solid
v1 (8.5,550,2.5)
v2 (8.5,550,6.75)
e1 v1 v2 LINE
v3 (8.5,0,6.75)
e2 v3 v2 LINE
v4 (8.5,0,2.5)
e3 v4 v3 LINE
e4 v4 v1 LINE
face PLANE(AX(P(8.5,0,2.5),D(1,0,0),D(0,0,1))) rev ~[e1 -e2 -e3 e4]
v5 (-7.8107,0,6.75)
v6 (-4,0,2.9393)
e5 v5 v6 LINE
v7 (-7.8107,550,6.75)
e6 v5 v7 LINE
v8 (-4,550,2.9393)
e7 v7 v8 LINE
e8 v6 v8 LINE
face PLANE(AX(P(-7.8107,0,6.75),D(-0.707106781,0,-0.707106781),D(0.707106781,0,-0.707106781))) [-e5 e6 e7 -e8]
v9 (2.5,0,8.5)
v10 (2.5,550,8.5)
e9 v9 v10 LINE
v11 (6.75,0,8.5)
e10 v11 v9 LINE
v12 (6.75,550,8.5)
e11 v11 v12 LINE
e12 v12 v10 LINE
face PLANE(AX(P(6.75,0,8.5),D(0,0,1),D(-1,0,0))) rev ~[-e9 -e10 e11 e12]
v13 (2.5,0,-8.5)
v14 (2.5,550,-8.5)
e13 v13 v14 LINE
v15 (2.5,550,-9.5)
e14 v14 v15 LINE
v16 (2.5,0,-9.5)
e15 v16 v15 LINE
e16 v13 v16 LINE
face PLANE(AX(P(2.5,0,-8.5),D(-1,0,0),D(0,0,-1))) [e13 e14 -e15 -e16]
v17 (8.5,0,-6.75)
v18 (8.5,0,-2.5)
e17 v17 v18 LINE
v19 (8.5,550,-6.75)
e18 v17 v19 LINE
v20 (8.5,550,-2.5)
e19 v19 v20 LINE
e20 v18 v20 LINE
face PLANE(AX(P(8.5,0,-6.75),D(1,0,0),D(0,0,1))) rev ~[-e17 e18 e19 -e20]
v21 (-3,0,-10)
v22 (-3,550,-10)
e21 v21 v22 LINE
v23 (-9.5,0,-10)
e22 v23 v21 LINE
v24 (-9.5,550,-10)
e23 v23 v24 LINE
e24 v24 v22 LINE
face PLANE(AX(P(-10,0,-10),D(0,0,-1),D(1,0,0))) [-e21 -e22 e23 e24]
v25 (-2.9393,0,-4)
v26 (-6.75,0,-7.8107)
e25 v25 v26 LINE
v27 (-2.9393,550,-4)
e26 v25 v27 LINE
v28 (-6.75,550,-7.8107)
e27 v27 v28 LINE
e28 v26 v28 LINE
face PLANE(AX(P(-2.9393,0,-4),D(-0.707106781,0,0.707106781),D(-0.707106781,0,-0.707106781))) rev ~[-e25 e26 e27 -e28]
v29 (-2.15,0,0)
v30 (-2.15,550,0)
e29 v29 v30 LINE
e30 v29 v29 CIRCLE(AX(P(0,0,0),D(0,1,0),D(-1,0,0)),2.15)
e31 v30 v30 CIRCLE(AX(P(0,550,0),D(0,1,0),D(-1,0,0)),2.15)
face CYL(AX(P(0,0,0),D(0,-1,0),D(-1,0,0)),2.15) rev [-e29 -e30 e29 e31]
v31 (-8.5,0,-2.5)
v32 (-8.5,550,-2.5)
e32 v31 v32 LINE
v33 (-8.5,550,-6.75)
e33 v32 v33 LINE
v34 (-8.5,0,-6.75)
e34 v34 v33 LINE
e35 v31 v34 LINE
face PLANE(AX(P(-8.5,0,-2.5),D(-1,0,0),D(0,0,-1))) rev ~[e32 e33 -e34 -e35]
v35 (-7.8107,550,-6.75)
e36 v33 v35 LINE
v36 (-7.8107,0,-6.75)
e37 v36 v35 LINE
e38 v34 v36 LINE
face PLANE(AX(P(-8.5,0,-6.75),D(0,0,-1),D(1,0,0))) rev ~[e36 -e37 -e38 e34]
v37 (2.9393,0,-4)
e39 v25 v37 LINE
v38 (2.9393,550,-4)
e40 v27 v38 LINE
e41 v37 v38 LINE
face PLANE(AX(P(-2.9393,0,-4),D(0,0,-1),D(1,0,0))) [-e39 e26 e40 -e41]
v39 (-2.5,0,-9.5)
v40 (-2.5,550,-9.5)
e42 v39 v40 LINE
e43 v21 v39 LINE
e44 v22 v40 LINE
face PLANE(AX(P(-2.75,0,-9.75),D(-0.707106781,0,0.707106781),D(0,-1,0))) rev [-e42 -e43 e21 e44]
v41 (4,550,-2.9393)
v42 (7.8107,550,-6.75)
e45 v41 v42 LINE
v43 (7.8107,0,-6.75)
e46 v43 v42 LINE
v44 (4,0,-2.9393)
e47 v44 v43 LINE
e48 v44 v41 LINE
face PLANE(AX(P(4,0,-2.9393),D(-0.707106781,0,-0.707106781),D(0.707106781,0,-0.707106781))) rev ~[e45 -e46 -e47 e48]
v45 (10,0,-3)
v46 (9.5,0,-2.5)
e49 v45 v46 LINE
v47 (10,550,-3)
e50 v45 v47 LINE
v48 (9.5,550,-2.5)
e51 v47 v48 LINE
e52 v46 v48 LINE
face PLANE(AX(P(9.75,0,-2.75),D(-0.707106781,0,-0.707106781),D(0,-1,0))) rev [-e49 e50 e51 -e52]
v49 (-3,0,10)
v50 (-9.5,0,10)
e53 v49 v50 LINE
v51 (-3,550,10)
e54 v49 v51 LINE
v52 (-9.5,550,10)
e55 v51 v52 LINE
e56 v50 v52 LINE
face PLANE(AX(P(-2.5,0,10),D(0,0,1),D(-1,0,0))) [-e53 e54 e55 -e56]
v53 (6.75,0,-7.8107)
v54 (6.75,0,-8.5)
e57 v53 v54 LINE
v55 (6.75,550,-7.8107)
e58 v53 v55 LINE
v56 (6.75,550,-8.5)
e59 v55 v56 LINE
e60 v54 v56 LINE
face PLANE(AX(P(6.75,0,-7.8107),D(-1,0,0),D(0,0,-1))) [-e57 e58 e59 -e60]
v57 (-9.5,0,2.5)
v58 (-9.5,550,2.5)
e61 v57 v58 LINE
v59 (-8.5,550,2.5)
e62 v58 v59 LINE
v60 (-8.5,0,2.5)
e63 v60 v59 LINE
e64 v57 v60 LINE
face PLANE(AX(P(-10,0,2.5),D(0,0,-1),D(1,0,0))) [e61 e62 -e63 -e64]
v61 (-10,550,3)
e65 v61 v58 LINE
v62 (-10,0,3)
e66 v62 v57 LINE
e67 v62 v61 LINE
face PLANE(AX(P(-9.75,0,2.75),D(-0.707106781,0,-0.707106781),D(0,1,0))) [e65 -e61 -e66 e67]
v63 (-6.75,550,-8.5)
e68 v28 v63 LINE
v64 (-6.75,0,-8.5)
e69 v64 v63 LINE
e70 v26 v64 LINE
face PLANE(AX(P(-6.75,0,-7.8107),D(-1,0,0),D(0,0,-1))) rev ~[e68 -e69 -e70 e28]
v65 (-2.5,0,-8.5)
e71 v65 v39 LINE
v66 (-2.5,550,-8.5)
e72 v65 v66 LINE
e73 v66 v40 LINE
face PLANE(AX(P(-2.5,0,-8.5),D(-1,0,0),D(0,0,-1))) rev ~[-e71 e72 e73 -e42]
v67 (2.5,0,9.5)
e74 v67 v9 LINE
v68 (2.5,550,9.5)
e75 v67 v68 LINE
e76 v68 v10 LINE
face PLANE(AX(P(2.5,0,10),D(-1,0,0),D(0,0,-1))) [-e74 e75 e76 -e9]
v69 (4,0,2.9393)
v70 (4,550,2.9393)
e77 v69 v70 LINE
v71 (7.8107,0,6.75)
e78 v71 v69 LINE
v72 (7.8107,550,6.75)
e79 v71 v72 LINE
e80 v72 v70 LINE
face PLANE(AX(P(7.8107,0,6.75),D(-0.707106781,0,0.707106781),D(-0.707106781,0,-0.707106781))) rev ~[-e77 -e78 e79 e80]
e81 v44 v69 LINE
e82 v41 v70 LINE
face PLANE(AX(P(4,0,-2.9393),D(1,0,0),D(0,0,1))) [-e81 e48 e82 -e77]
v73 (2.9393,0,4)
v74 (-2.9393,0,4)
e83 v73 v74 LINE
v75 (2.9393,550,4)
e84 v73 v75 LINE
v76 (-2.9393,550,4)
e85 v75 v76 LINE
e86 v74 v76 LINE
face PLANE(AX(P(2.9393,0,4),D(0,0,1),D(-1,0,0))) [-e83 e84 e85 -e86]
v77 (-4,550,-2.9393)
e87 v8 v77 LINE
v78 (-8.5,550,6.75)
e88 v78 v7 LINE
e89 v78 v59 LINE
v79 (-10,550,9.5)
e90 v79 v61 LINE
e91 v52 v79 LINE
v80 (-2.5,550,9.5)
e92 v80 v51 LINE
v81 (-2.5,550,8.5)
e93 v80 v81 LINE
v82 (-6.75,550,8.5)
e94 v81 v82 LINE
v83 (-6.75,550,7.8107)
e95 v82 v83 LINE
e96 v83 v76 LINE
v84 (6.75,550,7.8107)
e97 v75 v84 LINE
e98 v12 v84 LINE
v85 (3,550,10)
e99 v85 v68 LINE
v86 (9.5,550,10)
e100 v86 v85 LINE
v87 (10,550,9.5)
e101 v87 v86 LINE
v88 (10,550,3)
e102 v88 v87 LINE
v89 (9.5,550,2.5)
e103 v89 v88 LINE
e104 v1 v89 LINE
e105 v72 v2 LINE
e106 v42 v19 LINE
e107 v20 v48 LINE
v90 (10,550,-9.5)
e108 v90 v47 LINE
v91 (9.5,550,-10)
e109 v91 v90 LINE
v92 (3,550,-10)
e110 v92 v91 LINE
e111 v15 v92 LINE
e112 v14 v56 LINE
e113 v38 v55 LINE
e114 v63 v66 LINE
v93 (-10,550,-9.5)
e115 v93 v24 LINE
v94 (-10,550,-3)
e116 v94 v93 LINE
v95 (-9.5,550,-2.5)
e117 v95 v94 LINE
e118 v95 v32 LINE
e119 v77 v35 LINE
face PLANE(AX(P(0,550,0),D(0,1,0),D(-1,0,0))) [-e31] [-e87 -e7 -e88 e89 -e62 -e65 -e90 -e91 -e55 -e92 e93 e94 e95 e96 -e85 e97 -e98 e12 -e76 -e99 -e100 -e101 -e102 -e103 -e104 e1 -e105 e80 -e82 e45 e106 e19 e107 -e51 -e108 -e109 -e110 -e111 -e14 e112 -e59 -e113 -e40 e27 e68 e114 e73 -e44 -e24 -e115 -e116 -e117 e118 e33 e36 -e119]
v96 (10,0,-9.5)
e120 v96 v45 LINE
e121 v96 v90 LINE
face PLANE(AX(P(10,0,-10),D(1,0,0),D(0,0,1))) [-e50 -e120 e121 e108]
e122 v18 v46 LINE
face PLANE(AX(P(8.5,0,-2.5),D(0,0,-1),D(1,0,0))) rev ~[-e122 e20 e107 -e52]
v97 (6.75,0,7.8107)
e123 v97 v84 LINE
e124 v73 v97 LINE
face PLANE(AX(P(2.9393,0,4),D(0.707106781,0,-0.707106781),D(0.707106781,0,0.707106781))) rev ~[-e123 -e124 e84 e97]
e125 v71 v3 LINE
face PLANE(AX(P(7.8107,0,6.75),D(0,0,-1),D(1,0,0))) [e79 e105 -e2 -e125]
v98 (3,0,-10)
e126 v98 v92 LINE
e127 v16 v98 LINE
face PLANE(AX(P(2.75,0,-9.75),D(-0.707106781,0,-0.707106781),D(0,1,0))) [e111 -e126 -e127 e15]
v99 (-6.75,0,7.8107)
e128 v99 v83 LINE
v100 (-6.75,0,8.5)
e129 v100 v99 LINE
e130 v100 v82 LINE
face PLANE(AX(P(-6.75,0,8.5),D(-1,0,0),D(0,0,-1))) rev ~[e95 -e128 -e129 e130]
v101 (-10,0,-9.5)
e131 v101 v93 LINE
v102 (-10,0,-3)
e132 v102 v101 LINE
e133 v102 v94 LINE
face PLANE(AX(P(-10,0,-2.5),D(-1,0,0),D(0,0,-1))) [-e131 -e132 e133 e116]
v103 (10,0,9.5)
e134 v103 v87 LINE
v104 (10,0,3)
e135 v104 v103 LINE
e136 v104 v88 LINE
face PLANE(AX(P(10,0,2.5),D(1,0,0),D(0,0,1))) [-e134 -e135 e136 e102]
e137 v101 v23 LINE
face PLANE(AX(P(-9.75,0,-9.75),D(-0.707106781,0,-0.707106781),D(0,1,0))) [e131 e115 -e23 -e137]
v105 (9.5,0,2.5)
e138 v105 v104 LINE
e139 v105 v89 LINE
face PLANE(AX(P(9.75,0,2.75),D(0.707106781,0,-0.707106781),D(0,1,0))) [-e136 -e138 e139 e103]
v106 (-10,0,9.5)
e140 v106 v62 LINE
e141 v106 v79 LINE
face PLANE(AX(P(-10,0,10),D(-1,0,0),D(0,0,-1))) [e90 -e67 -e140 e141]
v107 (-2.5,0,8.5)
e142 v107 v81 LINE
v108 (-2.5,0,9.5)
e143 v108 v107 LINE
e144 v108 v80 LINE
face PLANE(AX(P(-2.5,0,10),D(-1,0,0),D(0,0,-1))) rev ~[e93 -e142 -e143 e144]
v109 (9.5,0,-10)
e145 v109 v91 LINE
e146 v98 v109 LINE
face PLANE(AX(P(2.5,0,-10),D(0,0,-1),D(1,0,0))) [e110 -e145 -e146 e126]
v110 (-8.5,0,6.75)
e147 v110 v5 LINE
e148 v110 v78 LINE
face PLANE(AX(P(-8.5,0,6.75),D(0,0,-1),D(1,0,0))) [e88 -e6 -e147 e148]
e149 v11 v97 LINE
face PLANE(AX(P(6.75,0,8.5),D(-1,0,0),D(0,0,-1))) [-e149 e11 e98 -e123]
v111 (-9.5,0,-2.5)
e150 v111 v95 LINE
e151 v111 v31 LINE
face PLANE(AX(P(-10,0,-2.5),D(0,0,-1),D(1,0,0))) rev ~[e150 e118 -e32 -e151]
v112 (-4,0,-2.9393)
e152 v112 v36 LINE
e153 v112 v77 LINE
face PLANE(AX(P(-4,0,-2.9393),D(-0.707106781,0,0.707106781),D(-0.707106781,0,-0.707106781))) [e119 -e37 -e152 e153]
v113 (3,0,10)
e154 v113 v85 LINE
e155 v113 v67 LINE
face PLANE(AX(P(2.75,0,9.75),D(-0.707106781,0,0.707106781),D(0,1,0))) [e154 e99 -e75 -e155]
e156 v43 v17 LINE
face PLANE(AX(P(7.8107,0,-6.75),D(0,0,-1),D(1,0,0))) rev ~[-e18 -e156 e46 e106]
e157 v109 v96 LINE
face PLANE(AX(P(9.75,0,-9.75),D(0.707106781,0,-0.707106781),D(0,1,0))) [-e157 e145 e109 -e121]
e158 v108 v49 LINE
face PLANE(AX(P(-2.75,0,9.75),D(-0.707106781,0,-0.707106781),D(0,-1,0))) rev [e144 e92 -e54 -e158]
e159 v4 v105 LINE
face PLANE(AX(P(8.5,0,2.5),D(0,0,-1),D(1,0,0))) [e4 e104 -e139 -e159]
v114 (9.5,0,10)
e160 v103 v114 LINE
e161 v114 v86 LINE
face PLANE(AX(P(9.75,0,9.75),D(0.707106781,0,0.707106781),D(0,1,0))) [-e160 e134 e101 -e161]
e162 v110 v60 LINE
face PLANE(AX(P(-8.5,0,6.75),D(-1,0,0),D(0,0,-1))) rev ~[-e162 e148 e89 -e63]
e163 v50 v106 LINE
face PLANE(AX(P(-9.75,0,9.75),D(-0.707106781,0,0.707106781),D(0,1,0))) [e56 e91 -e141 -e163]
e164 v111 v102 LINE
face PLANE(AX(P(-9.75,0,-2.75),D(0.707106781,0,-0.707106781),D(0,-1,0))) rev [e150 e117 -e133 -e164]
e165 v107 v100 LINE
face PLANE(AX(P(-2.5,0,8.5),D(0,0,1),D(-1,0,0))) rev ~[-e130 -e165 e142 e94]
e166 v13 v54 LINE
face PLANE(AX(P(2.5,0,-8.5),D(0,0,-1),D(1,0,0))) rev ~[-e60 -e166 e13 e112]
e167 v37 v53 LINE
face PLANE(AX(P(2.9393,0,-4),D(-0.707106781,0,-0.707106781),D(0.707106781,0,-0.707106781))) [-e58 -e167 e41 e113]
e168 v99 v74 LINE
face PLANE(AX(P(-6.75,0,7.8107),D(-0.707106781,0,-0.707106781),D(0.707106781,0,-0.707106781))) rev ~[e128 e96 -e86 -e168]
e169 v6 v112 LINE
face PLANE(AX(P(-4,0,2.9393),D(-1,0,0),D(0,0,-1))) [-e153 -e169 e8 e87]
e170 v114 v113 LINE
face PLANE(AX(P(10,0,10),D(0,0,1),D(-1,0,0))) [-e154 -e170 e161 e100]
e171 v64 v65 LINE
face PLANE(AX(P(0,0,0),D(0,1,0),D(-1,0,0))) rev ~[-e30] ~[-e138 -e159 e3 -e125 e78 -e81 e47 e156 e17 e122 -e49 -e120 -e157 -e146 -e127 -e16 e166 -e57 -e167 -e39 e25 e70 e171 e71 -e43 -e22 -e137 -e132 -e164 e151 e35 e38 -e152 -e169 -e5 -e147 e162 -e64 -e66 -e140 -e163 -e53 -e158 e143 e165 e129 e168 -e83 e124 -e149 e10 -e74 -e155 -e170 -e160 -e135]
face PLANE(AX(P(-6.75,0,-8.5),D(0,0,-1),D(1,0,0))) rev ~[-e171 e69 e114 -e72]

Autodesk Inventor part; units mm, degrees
ref_plane "YZ Plane" through (0, 0, 0) normal (1, 0, 0) x (0, 1, 0)
ref_plane "XZ Plane" through (0, 0, 0) normal (0, 1, 0) x (-1, 0, 0)
ref_plane "XY Plane" through (0, 0, 0) normal (0, 0, 1) x (1, 0, 0)
sketch "Sketch1" plane through (0, 0, 0) normal (0, 1, 0) x (-1, 0, 0)
  line L0 (-2.9393, 4) -> (2.9393, 4)
  line L1 (4, 2.9393) -> (4, -2.9393)
  line L2 (2.9393, -4) -> (-2.9393, -4)
  line L3 (-4, -2.9393) -> (-4, 2.9393)
  circle A0 centre (0, 0) radius 2.15
  line L4 (-2.9393, 4) -> (-6.75, 7.8107)
  line L5 (-7.8107, 6.75) -> (-4, 2.9393)
  line L6 (4, -2.9393) -> (7.8107, -6.75)
  line L7 (-10, 10) -> (-2.5, 10)
  line L8 (2.5, 10) -> (10, 10)
  line L9 (10, -10) -> (2.5, -10)
  line L10 (-2.5, -10) -> (-10, -10)
  line L11 (10, 10) -> (10, 2.5)
  line L12 (10, -2.5) -> (10, -10)
  line L13 (-10, -10) -> (-10, -2.5)
  line L14 (-10, 2.5) -> (-10, 10)
  line L15 (-8.5, 2.5) -> (-8.5, 6.75)
  line L16 (-6.75, 8.5) -> (-2.5, 8.5)
  line L17 (2.5, 10) -> (2.5, 8.5)
  line L18 (10, 2.5) -> (8.5, 2.5)
  line L19 (10, -2.5) -> (8.5, -2.5)
  line L20 (2.5, -8.5) -> (2.5, -10)
  line L21 (-2.5, -8.5) -> (-2.5, -10)
  line L22 (-8.5, -2.5) -> (-10, -2.5)
  line L23 (-8.5, 2.5) -> (-10, 2.5)
  line L24 (-2.5, 10) -> (-2.5, 8.5)
  line L25 (-7.8107, 6.75) -> (-8.5, 6.75)
  line L26 (-6.75, 8.5) -> (-6.75, 7.8107)
  line L27 (6.75, 8.5) -> (6.75, 7.8107)
  line L28 (8.5, 6.75) -> (7.8107, 6.75)
  line L29 (8.5, 6.75) -> (8.5, 2.5)
  line L30 (2.5, 8.5) -> (6.75, 8.5)
  line L31 (6.75, 7.8107) -> (2.9393, 4)
  line L32 (7.8107, 6.75) -> (4, 2.9393)
  line L33 (2.9393, -4) -> (6.75, -7.8107)
  line L34 (8.5, -2.5) -> (8.5, -6.75)
  line L35 (6.75, -8.5) -> (2.5, -8.5)
  line L36 (8.5, -6.75) -> (7.8107, -6.75)
  line L37 (6.75, -7.8107) -> (6.75, -8.5)
  line L38 (-2.5, -8.5) -> (-6.75, -8.5)
  line L39 (-2.9393, -4) -> (-6.75, -7.8107)
  line L40 (-8.5, -6.75) -> (-8.5, -2.5)
  line L41 (-4, -2.9393) -> (-7.8107, -6.75)
  line L42 (-6.75, -7.8107) -> (-6.75, -8.5)
  line L43 (-7.8107, -6.75) -> (-8.5, -6.75)
  dimension "d0" = 20
  dimension "d1" = 20
  dimension "d26" = 1.5
  dimension "d27" = 1.5
  dimension "d32" = 7.5
  dimension "d33" = 5
  dimension "d34" = 7.5
  dimension "d35" = 7.5
  dimension "d40" = 6
  dimension "d41" = 13.5
extrude "Extrusion1" add sketch "Sketch1" along normal blind 550
chamfer "Chamfer1" distance 0.5 angle 45 12 edges at (-10, 275, 2.5) (-10, 275, -2.5) (-2.5, 275, 10) (2.5, 275, 10) (10, 275, 2.5) (10, 275, -2.5) (2.5, 275, -10) (-2.5, 275, -10) (-10, 275, 10) (-10, 275, -10) (10, 275, -10) (10, 275, 10)
properties part number "2020 Extrusion" material "Aluminum 6061"
